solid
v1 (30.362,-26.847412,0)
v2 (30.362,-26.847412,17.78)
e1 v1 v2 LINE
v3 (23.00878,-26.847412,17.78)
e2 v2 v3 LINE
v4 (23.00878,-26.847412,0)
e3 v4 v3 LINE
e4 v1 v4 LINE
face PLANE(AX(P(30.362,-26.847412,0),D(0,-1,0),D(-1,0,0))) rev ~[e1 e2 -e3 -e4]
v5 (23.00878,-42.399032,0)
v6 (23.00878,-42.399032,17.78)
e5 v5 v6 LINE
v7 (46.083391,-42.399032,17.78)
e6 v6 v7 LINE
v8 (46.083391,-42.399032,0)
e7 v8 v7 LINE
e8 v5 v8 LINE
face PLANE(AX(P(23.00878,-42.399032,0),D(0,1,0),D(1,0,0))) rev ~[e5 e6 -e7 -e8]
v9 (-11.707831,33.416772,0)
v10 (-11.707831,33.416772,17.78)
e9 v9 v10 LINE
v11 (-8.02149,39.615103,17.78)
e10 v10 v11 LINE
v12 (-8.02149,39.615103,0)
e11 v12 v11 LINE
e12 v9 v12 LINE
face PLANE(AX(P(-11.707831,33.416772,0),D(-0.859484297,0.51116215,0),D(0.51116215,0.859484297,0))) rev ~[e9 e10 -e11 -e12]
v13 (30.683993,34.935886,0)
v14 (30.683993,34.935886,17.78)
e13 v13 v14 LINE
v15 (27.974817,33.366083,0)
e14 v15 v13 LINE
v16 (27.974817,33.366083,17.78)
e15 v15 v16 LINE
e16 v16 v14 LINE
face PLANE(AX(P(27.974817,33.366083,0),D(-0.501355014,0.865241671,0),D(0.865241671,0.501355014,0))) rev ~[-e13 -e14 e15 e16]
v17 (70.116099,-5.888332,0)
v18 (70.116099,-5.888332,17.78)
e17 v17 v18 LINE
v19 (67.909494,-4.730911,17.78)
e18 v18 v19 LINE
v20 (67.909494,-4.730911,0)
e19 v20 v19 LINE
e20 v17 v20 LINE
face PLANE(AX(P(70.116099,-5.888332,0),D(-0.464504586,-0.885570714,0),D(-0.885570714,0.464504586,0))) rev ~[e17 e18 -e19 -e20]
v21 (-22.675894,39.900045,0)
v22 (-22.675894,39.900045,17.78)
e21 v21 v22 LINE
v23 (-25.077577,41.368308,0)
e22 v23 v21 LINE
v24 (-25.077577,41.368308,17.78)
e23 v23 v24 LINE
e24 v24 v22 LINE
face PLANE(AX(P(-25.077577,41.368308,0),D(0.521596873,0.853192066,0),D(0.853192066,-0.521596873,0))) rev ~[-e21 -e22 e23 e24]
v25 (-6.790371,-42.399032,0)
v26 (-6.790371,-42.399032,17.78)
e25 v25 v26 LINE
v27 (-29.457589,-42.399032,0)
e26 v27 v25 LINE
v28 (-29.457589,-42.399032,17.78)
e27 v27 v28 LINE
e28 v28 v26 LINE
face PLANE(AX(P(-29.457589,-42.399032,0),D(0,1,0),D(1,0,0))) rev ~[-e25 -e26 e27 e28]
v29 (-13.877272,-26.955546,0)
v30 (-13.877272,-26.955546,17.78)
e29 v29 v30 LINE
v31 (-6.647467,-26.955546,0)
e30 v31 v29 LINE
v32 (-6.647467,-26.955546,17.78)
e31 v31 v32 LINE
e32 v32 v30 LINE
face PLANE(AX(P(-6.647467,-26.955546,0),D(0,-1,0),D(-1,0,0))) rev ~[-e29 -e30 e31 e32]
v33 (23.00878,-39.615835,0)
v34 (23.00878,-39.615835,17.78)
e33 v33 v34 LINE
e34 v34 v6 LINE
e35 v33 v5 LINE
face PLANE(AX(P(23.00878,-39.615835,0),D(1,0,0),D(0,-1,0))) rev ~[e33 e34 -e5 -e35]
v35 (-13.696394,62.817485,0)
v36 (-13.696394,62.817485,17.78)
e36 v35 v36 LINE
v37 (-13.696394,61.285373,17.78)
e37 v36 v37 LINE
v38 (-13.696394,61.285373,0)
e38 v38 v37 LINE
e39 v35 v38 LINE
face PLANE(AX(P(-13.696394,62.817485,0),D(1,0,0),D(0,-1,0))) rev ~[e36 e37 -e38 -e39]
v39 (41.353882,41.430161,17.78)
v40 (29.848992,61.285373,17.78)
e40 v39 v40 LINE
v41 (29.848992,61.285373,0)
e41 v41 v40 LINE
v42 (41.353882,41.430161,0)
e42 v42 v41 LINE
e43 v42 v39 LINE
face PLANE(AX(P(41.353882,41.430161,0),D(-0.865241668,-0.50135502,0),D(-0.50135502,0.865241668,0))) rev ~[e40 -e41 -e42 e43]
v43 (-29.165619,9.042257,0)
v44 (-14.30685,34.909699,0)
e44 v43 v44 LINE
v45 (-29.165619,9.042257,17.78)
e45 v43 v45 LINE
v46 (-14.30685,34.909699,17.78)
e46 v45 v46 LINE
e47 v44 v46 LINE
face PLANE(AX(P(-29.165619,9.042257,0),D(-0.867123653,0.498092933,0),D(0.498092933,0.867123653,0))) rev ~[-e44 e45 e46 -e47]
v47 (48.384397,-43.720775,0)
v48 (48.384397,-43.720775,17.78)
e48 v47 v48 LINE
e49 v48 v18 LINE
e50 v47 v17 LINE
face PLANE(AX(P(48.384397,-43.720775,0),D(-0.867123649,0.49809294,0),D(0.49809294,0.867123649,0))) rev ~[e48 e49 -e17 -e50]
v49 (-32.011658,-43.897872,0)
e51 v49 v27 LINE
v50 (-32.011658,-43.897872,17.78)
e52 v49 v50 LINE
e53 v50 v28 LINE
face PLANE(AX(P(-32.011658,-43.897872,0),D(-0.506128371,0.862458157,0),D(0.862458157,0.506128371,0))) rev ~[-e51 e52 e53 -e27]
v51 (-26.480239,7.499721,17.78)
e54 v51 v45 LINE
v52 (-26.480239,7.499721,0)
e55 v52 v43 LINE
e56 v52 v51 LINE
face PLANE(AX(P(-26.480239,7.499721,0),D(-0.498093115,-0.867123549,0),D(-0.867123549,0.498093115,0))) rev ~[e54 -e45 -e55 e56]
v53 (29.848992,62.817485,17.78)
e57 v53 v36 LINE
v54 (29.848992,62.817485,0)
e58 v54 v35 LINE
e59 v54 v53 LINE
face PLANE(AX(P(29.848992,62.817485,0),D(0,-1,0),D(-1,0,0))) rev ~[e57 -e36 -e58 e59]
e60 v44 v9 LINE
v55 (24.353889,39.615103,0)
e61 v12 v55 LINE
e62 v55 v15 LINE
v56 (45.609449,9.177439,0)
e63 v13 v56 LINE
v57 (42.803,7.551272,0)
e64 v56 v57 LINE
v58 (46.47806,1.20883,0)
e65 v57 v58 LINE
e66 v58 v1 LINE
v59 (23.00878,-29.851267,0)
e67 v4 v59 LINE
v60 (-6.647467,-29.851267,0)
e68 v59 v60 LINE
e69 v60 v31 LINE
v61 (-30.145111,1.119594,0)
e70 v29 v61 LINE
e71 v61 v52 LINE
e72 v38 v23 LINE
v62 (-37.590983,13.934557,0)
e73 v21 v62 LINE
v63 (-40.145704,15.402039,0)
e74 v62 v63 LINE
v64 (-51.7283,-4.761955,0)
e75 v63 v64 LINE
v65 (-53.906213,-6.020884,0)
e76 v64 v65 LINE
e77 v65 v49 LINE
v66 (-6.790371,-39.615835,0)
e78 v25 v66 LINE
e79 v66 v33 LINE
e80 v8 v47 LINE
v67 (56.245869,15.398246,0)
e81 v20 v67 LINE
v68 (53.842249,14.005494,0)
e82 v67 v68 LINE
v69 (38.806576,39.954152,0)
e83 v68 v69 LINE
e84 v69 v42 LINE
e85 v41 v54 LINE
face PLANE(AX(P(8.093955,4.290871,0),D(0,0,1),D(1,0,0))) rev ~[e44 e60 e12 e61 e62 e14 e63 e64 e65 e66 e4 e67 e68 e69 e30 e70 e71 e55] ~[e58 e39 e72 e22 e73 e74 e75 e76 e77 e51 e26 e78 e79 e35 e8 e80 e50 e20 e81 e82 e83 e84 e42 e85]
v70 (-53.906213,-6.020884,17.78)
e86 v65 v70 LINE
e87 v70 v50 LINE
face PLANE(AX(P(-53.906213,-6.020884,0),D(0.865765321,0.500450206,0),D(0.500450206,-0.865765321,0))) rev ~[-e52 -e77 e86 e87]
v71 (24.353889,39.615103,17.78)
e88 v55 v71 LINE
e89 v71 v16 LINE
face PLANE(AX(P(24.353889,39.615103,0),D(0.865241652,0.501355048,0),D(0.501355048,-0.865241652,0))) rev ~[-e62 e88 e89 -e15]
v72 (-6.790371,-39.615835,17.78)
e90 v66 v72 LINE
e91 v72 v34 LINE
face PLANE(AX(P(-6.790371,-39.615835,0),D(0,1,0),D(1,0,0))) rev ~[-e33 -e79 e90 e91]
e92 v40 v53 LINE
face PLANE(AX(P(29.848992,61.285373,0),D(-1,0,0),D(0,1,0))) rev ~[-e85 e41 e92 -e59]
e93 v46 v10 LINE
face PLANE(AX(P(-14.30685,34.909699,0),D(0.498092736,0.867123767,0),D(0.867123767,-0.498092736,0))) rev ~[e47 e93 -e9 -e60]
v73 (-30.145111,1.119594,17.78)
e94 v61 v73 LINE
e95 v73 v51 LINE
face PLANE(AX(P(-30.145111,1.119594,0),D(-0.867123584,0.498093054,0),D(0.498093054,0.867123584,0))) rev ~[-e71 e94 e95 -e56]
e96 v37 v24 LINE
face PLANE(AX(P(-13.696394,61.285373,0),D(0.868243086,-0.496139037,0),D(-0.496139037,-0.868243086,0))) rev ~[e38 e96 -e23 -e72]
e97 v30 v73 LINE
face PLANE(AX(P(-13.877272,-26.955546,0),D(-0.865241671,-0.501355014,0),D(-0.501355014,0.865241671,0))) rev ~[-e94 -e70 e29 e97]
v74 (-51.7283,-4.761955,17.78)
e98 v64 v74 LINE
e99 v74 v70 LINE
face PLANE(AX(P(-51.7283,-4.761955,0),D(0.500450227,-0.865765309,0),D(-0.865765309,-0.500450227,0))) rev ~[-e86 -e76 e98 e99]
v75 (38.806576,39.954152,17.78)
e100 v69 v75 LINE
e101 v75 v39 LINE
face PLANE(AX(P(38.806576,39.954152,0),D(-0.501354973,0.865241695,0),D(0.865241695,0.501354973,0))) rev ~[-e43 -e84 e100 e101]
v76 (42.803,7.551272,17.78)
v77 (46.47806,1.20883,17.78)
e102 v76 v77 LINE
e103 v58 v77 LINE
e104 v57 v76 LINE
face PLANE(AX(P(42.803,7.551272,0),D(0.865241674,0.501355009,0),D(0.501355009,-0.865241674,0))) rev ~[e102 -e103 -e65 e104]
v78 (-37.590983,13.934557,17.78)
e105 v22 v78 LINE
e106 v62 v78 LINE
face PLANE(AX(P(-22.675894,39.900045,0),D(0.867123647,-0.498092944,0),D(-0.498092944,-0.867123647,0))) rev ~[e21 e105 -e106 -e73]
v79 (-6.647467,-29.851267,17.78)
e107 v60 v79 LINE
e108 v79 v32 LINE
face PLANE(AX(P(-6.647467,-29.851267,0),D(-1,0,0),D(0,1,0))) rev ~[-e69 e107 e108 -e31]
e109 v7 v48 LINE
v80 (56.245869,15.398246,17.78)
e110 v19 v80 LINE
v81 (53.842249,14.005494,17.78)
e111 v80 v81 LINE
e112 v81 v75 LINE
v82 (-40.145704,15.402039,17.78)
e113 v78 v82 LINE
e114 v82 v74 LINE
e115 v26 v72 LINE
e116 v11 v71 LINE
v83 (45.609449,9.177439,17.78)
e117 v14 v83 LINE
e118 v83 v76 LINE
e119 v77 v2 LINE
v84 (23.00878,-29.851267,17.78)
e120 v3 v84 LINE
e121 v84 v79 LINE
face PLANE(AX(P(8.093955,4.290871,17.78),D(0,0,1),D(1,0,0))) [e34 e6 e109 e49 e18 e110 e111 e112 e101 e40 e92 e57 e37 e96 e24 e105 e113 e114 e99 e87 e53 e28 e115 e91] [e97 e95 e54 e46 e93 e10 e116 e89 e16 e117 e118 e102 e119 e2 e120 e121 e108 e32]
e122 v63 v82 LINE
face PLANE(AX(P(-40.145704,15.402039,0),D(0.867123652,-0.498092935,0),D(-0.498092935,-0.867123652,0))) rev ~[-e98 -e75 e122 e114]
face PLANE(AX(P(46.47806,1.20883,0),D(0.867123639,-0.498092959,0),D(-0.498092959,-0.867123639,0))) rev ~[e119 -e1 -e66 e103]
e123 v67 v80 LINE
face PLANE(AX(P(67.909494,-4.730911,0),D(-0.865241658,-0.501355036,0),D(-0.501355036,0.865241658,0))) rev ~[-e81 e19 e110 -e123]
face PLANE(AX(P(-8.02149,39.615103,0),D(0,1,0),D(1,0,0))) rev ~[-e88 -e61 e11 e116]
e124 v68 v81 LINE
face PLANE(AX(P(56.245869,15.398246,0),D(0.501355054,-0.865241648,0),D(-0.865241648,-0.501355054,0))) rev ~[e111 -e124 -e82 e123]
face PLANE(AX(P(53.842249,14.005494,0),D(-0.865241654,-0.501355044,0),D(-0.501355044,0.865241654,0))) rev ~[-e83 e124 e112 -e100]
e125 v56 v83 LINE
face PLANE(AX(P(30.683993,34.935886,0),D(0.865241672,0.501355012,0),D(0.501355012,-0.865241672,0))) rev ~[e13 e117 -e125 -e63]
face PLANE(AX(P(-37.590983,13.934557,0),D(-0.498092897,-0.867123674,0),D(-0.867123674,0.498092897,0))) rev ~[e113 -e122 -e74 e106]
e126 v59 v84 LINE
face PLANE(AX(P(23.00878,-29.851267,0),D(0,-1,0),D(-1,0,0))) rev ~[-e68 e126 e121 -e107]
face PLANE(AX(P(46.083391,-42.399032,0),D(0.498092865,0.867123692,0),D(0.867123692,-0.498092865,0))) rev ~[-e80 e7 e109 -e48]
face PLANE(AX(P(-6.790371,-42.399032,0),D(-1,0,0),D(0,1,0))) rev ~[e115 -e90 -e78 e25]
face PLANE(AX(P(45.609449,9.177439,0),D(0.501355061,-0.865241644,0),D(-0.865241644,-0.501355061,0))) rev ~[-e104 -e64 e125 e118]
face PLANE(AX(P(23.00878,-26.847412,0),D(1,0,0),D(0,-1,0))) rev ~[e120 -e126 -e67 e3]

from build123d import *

# Parameters (mm, degrees)
F1_DEPTH = 17.78


with BuildPart() as f1:
    # F0 (on Top) → F1 (new body)
    with BuildSketch(Plane.XY):
        Polygon((-13.696394, 61.285373), (-25.077577, 41.368308), (-22.675894, 39.900045), (-37.590983, 13.934557), (-40.145704, 15.402039), (-51.7283, -4.761955), (-53.906213, -6.020884), (-32.011658, -43.897872), (-29.457589, -42.399032), (-6.790371, -42.399032), (-6.790371, -39.615835), (23.00878, -39.615835), (23.00878, -42.399032), (46.083391, -42.399032), (48.384397, -43.720775), (70.116099, -5.888332), (67.909494, -4.730911), (56.245869, 15.398246), (53.842249, 14.005494), (38.806576, 39.954152), (41.353882, 41.430161), (29.848992, 61.285373), (29.848992, 62.817485), (-13.696394, 62.817485), align=None)
        Polygon((-11.707831, 33.416772), (-8.02149, 39.615103), (24.353889, 39.615103), (27.974817, 33.366083), (30.683993, 34.935886), (45.609449, 9.177439), (42.803, 7.551272), (46.47806, 1.20883), (30.362, -26.847412), (23.00878, -26.847412), (23.00878, -29.851267), (-6.647467, -29.851267), (-6.647467, -26.955546), (-13.877272, -26.955546), (-30.145111, 1.119594), (-26.480239, 7.499721), (-29.165619, 9.042257), (-14.30685, 34.909699), align=None, mode=Mode.SUBTRACT)
    extrude(amount=F1_DEPTH)


solid = f1.part
